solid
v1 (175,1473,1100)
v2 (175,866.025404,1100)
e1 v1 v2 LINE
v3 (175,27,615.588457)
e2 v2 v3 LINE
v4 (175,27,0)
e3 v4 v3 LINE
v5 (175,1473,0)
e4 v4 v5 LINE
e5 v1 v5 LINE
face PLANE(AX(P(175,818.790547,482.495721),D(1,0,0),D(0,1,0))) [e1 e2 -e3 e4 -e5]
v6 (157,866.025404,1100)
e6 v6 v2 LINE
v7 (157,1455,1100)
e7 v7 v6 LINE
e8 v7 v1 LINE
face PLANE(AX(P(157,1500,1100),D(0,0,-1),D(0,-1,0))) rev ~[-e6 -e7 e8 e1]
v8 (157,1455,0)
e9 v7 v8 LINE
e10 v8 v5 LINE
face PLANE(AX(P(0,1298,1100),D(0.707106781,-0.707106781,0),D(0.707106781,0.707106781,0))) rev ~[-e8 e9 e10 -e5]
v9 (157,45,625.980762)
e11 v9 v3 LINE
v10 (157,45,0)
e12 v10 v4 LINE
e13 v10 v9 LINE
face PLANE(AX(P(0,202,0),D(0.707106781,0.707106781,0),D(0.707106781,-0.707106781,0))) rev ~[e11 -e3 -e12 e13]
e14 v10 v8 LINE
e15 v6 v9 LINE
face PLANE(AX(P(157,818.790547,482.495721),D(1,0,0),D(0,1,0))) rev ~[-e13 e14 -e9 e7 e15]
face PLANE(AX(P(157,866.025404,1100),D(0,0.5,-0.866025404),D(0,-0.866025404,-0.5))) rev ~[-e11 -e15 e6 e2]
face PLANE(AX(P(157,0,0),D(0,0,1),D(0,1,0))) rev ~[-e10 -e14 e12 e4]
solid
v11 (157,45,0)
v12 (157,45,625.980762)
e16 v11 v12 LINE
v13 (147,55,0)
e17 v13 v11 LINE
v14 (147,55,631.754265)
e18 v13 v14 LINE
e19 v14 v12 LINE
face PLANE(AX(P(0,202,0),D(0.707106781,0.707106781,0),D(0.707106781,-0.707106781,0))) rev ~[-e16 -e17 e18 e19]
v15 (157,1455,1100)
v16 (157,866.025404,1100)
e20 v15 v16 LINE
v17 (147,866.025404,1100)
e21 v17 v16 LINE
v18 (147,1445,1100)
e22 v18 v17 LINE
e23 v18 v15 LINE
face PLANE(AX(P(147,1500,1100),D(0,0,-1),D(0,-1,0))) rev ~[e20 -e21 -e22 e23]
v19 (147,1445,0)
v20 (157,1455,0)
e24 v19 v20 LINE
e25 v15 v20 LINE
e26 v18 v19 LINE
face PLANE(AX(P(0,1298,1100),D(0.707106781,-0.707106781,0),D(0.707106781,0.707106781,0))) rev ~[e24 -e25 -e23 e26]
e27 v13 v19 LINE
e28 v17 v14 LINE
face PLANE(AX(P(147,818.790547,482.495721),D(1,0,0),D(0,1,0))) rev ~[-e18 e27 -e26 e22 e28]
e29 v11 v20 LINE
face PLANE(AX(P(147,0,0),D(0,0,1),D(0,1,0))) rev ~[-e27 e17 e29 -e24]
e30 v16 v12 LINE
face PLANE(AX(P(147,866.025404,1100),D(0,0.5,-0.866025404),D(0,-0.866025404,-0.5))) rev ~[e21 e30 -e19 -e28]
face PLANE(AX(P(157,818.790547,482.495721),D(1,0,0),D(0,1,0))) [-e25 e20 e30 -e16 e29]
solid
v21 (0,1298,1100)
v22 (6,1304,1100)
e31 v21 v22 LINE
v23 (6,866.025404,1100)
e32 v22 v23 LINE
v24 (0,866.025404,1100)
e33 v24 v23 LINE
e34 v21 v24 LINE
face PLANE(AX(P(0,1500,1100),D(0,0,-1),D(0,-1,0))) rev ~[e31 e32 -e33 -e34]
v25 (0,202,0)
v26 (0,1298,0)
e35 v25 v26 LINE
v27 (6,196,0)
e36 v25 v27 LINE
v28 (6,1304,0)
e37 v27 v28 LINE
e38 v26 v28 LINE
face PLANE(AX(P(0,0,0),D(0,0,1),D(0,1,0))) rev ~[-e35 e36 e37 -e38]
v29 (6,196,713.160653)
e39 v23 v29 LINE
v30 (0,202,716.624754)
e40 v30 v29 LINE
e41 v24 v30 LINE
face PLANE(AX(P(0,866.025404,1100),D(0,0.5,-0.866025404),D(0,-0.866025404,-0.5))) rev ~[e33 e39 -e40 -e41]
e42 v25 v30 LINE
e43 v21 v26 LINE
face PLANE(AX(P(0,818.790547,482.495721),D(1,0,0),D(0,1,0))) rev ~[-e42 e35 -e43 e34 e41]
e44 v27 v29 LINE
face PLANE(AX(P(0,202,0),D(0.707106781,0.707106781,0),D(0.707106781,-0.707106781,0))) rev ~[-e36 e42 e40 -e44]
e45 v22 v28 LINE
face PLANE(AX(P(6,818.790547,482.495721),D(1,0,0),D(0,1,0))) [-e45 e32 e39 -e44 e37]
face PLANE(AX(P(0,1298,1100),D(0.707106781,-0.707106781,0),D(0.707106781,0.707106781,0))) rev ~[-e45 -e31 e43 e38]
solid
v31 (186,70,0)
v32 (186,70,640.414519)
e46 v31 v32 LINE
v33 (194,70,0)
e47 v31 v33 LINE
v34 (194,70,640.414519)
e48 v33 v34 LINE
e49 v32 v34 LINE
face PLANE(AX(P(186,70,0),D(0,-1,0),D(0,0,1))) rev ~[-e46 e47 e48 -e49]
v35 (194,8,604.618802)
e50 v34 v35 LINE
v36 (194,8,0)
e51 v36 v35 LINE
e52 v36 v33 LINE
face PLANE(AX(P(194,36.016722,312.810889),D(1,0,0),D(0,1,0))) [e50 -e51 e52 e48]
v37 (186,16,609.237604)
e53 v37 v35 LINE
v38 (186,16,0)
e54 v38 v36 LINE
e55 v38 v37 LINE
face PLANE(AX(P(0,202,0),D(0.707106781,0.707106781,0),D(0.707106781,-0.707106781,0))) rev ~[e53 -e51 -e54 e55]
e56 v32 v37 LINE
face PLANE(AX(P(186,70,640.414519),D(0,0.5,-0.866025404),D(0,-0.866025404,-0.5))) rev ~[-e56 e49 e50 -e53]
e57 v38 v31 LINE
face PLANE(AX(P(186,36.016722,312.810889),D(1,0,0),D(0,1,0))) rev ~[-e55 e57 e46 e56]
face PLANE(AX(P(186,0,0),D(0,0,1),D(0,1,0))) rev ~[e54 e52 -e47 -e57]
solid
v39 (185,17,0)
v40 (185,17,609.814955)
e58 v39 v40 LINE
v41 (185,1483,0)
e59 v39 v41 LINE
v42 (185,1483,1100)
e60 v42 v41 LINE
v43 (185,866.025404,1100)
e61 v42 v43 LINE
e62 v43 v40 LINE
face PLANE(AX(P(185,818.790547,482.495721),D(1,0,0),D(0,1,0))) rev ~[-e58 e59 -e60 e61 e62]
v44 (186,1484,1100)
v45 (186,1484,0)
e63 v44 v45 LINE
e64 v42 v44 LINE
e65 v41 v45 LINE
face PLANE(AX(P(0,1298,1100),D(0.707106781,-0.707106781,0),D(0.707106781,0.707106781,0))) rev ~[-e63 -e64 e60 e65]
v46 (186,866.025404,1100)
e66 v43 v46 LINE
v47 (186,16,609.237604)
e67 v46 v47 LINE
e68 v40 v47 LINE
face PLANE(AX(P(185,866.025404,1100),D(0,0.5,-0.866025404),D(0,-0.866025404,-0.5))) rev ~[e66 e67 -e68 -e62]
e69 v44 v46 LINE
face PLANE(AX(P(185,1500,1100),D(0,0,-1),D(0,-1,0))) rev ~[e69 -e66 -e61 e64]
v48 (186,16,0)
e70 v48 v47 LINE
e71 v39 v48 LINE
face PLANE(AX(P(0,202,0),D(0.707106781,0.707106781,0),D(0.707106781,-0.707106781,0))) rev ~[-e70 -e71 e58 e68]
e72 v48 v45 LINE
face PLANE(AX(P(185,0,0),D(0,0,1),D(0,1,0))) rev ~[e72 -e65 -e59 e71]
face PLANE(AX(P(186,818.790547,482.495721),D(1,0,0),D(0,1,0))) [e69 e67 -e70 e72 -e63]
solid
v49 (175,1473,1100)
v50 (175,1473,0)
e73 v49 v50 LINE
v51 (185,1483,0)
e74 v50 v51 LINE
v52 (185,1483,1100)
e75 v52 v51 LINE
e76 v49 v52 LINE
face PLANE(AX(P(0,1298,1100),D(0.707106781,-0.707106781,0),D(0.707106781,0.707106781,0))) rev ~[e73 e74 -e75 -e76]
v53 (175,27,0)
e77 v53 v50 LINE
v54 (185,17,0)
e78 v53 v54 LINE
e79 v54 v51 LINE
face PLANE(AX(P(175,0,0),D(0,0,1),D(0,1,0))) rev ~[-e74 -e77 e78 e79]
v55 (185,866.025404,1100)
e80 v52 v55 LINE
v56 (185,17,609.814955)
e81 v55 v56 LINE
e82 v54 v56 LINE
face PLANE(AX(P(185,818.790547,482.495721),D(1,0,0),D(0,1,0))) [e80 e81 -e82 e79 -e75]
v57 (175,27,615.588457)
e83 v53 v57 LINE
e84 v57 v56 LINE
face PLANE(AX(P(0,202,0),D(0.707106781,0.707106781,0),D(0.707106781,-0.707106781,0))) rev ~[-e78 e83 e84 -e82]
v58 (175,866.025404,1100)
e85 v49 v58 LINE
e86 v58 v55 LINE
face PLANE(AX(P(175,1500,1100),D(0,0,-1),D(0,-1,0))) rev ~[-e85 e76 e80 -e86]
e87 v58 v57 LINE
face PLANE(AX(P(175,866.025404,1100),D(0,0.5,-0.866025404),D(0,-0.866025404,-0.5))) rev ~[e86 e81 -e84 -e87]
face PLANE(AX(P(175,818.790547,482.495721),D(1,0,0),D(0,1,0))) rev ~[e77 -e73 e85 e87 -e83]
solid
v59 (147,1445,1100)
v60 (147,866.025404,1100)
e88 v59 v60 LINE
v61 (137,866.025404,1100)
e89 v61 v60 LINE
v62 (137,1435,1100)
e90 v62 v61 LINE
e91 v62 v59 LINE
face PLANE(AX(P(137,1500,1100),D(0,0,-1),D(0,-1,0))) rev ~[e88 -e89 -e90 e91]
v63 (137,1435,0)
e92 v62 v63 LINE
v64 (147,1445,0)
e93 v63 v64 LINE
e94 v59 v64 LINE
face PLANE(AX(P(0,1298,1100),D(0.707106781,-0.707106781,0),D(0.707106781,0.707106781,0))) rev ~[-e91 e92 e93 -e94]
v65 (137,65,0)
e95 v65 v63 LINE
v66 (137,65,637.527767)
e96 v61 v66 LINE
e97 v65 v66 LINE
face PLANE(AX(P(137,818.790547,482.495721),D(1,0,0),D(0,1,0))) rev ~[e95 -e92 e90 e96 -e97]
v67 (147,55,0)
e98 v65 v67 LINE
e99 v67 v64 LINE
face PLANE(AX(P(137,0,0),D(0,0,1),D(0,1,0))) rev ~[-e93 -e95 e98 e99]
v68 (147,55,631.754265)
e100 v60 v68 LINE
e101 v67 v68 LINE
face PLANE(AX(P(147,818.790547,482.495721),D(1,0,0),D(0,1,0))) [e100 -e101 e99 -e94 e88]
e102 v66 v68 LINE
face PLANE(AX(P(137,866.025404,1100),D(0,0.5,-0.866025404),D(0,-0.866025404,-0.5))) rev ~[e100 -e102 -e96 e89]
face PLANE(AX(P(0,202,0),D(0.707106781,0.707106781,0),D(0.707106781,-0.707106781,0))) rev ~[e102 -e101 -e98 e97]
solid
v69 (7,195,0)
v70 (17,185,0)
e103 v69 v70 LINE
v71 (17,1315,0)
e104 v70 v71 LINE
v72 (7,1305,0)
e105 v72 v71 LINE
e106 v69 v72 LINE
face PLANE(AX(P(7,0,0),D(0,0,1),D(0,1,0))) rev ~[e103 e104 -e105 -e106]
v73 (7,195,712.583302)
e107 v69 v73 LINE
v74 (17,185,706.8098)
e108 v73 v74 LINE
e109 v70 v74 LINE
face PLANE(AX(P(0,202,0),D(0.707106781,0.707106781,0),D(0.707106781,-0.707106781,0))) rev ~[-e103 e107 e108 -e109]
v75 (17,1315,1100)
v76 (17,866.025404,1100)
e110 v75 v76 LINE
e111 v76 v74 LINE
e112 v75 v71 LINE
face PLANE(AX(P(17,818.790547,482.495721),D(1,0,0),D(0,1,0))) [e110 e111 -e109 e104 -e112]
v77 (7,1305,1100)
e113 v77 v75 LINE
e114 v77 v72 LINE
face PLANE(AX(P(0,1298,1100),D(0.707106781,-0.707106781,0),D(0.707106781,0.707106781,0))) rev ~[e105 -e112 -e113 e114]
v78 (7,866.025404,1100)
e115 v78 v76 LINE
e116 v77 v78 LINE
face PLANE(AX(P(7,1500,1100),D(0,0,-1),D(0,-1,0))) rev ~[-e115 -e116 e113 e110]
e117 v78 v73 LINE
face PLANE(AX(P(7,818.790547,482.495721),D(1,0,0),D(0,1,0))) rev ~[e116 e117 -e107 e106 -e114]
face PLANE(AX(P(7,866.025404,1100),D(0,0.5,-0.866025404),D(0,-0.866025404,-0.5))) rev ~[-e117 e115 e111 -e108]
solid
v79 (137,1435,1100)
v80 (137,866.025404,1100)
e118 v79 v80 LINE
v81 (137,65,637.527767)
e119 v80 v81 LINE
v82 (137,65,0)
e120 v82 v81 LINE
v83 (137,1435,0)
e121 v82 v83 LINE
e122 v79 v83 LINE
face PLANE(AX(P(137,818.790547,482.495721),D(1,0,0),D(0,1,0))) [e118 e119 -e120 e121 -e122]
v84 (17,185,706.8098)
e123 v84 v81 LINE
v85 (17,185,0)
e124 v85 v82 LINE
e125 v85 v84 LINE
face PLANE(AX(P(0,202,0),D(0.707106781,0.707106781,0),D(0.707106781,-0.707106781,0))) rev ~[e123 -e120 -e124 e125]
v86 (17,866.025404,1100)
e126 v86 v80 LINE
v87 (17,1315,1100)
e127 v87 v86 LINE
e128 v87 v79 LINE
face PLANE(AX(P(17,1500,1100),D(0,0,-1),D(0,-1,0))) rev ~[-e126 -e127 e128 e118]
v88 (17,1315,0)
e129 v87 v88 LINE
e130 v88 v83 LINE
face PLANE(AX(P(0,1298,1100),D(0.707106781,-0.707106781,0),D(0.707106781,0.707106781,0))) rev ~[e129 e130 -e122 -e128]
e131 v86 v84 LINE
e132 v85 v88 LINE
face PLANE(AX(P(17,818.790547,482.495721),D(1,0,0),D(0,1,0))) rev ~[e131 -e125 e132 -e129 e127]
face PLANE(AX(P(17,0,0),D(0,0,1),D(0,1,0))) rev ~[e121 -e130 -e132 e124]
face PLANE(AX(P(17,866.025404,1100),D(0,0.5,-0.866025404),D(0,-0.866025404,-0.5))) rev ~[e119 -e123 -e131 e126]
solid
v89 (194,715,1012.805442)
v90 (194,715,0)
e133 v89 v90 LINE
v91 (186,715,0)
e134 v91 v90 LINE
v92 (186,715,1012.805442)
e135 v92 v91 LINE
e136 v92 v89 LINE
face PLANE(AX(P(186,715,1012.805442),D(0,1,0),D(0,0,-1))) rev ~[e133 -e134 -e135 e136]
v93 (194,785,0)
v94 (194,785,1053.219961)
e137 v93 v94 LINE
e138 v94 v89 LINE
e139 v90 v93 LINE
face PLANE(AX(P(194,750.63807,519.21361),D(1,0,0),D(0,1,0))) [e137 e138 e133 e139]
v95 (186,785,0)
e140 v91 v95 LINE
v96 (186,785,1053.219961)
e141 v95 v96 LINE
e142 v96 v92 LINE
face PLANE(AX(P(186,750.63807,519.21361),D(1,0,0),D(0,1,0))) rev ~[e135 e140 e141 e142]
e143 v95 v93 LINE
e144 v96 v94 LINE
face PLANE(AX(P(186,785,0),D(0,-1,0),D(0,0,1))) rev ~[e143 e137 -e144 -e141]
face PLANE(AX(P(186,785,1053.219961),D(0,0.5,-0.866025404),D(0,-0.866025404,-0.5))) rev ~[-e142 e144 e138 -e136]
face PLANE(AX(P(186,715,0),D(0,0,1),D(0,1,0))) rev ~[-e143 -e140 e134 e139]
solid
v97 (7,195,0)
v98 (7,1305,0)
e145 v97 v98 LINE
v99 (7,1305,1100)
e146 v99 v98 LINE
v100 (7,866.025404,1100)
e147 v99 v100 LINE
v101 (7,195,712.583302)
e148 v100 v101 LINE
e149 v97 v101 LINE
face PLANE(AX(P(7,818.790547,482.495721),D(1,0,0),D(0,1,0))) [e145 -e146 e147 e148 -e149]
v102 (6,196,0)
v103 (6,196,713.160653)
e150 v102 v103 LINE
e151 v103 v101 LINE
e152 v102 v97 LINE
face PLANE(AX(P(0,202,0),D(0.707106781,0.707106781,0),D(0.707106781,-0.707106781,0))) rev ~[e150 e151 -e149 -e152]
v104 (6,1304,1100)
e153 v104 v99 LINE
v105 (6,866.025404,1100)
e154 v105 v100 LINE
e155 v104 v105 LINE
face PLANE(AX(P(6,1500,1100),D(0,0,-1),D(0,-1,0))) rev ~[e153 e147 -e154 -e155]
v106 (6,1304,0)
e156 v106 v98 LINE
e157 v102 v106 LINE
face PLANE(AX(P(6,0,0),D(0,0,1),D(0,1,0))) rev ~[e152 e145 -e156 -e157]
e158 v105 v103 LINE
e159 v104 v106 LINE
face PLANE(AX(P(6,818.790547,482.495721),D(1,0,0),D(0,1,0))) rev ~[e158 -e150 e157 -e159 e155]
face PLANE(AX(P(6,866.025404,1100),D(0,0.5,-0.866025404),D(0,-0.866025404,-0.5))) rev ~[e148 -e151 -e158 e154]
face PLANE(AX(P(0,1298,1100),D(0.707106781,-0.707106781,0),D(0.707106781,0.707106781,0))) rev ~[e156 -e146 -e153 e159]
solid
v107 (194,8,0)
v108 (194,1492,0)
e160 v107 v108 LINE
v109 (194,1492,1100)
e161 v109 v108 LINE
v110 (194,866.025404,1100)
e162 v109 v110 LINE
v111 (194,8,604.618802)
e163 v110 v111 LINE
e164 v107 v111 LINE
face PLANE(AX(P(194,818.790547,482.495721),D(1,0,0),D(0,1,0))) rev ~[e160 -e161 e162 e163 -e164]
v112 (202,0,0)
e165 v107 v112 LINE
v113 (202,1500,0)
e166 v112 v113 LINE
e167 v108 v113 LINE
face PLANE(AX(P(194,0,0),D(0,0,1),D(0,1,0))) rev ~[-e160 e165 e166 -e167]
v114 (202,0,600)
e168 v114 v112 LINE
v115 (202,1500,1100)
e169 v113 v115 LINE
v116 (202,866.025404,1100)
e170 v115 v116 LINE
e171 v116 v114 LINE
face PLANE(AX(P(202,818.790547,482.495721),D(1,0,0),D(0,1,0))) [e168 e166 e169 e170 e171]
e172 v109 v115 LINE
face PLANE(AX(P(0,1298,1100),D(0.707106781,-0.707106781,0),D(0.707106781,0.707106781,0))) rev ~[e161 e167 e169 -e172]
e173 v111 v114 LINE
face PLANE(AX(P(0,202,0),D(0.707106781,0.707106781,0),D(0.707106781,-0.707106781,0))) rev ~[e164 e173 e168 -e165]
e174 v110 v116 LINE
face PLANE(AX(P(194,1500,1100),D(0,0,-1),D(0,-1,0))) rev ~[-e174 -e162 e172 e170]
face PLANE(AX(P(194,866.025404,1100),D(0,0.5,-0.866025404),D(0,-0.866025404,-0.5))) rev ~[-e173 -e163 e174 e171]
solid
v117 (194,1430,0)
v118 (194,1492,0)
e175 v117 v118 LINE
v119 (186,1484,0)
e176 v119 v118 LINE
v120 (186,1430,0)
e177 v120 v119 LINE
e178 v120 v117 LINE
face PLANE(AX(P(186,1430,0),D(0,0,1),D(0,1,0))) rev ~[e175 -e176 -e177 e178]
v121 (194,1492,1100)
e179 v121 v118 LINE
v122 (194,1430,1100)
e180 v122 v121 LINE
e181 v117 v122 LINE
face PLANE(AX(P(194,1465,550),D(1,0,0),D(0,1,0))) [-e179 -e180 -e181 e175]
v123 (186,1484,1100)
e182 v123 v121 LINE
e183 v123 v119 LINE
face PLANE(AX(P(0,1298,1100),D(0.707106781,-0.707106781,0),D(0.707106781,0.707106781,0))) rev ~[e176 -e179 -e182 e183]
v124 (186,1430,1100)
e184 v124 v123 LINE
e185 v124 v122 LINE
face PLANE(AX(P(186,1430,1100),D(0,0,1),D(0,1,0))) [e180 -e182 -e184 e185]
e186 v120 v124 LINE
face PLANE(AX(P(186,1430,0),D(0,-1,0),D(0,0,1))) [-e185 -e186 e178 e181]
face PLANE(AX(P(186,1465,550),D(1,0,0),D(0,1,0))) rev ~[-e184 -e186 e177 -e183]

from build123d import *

# Parameters (mm, degrees)
F1_DEPTH  = 6
F2_DEPTH  = 1
F3_DEPTH  = 10
F4_DEPTH  = 120
F5_DEPTH  = 10
F6_DEPTH  = 10
F7_DEPTH  = 18
F8_DEPTH  = 10
F9_DEPTH  = 1
F10_W     = 70
F10_H     = 1100
F11_DEPTH = 8
F13_DEPTH = 8
F15_DEPTH = 1100.001
F17_DEPTH = 1100.001


with BuildPart() as f1:
    # F0 (on Right) → F1 (new body)
    with BuildSketch(Plane.YZ):
        Polygon((0, 600), (0, 0), (1500, 0), (1500, 1100), (866.0254037844, 1100), align=None)
    extrude(amount=F1_DEPTH)


with BuildPart() as f2:
    # F2 (new): a face of the model
    f2_faces = [f1.part.faces().sort_by_distance(p)[0] for p in [
        (6, 819.6757626206, 492.1036143057),
    ]]
    extrude(f2_faces, amount=F2_DEPTH)


with BuildPart() as f3:
    # F3 (new): a face of the model
    f3_faces = [f2.part.faces().sort_by_distance(p)[0] for p in [
        (7, 819.6757626206, 492.1036143057),
    ]]
    extrude(f3_faces, amount=F3_DEPTH)


with BuildPart() as f4:
    # F4 (new): a face of the model
    f4_faces = [f3.part.faces().sort_by_distance(p)[0] for p in [
        (17, 819.6757626206, 492.1036143057),
    ]]
    extrude(f4_faces, amount=F4_DEPTH)


with BuildPart() as f5:
    # F5 (new): a face of the model
    f5_faces = [f4.part.faces().sort_by_distance(p)[0] for p in [
        (137, 819.6757626206, 492.1036143057),
    ]]
    extrude(f5_faces, amount=F5_DEPTH)


with BuildPart() as f6:
    # F6 (new): a face of the model
    f6_faces = [f5.part.faces().sort_by_distance(p)[0] for p in [
        (147, 819.6757626206, 492.1036143057),
    ]]
    extrude(f6_faces, amount=F6_DEPTH)


with BuildPart() as f7:
    # F7 (new): a face of the model
    f7_faces = [f6.part.faces().sort_by_distance(p)[0] for p in [
        (157, 819.6757626206, 492.1036143057),
    ]]
    extrude(f7_faces, amount=F7_DEPTH)


with BuildPart() as f8:
    # F8 (new): a face of the model
    f8_faces = [f7.part.faces().sort_by_distance(p)[0] for p in [
        (175, 819.6757626206, 492.1036143057),
    ]]
    extrude(f8_faces, amount=F8_DEPTH)


with BuildPart() as f9:
    # F9 (new): a face of the model
    f9_faces = [f8.part.faces().sort_by_distance(p)[0] for p in [
        (185, 819.6757626206, 492.1036143057),
    ]]
    extrude(f9_faces, amount=F9_DEPTH)


with BuildPart() as f11:
    # F10 (on face) → F11 (new body)
    with BuildSketch(Plane.YZ.offset(186)):
        with Locations((1465, 550)):
            Rectangle(F10_W, F10_H)
    extrude(amount=F11_DEPTH)


with BuildPart() as f11b:
    # F10 (on face) → F11, piece 2 (new body)
    with BuildSketch(Plane.YZ.offset(186)):
        Polygon((715, 1012.8054424706), (715, 0), (785, 0), (785, 1053.2199613139), align=None)
    extrude(amount=F11_DEPTH)


with BuildPart() as f11c:
    # F10 (on face) → F11, piece 3 (new body)
    with BuildSketch(Plane.YZ.offset(186)):
        Polygon((0, 600), (0, 0), (70, 0), (70, 640.4145188433), align=None)
    extrude(amount=F11_DEPTH)


with BuildPart() as f13:
    # F12 (on face) → F13 (new body)
    with BuildSketch(Plane.YZ.offset(194)):
        Polygon((866.0254037844, 1100), (0, 600), (0, 0), (1500, 0), (1500, 1100), align=None)
    extrude(amount=F13_DEPTH)


with BuildPart() as f15_tool:
    # F14 (on face) → F15 (new body, through all)
    with BuildSketch(Plane.XY.offset(1100)):
        Polygon((0, 1298), (202, 1500), (0, 1500), align=None)
    extrude(amount=-F15_DEPTH)


with BuildPart() as f1_1:
    add(f1.part)

    # F15: cut by f15_tool
    add(f15_tool.part, mode=Mode.SUBTRACT)


with BuildPart() as f2_1:
    add(f2.part)

    # F15: cut by f15_tool
    add(f15_tool.part, mode=Mode.SUBTRACT)


with BuildPart() as f3_1:
    add(f3.part)

    # F15: cut by f15_tool
    add(f15_tool.part, mode=Mode.SUBTRACT)


with BuildPart() as f4_1:
    add(f4.part)

    # F15: cut by f15_tool
    add(f15_tool.part, mode=Mode.SUBTRACT)


with BuildPart() as f5_1:
    add(f5.part)

    # F15: cut by f15_tool
    add(f15_tool.part, mode=Mode.SUBTRACT)


with BuildPart() as f6_1:
    add(f6.part)

    # F15: cut by f15_tool
    add(f15_tool.part, mode=Mode.SUBTRACT)


with BuildPart() as f7_1:
    add(f7.part)

    # F15: cut by f15_tool
    add(f15_tool.part, mode=Mode.SUBTRACT)


with BuildPart() as f8_1:
    add(f8.part)

    # F15: cut by f15_tool
    add(f15_tool.part, mode=Mode.SUBTRACT)


with BuildPart() as f9_1:
    add(f9.part)

    # F15: cut by f15_tool
    add(f15_tool.part, mode=Mode.SUBTRACT)


with BuildPart() as f11_1:
    add(f11.part)

    # F15: cut by f15_tool
    add(f15_tool.part, mode=Mode.SUBTRACT)


with BuildPart() as f13_1:
    add(f13.part)

    # F15: cut by f15_tool
    add(f15_tool.part, mode=Mode.SUBTRACT)


with BuildPart() as f17_tool:
    # F16 (on face) → F17 (new body, through all)
    with BuildSketch(Plane(origin=(0, 0, 0), x_dir=(1, 0, 0), z_dir=(0, 0, -1))):
        Polygon((0, 0), (0, -202), (202, 0), align=None)
    extrude(amount=-F17_DEPTH)


with BuildPart() as f1_2:
    add(f1_1.part)

    # F17: cut by f17_tool
    add(f17_tool.part, mode=Mode.SUBTRACT)


with BuildPart() as f2_2:
    add(f2_1.part)

    # F17: cut by f17_tool
    add(f17_tool.part, mode=Mode.SUBTRACT)


with BuildPart() as f3_2:
    add(f3_1.part)

    # F17: cut by f17_tool
    add(f17_tool.part, mode=Mode.SUBTRACT)


with BuildPart() as f4_2:
    add(f4_1.part)

    # F17: cut by f17_tool
    add(f17_tool.part, mode=Mode.SUBTRACT)


with BuildPart() as f5_2:
    add(f5_1.part)

    # F17: cut by f17_tool
    add(f17_tool.part, mode=Mode.SUBTRACT)


with BuildPart() as f6_2:
    add(f6_1.part)

    # F17: cut by f17_tool
    add(f17_tool.part, mode=Mode.SUBTRACT)


with BuildPart() as f7_2:
    add(f7_1.part)

    # F17: cut by f17_tool
    add(f17_tool.part, mode=Mode.SUBTRACT)


with BuildPart() as f8_2:
    add(f8_1.part)

    # F17: cut by f17_tool
    add(f17_tool.part, mode=Mode.SUBTRACT)


with BuildPart() as f9_2:
    add(f9_1.part)

    # F17: cut by f17_tool
    add(f17_tool.part, mode=Mode.SUBTRACT)


with BuildPart() as f11c_1:
    add(f11c.part)

    # F17: cut by f17_tool
    add(f17_tool.part, mode=Mode.SUBTRACT)


with BuildPart() as f13_2:
    add(f13_1.part)

    # F17: cut by f17_tool
    add(f17_tool.part, mode=Mode.SUBTRACT)


solid = Compound([f11b.part, f11_1.part, f1_2.part, f2_2.part, f3_2.part, f4_2.part, f5_2.part, f6_2.part, f7_2.part, f8_2.part, f9_2.part, f11c_1.part, f13_2.part])
